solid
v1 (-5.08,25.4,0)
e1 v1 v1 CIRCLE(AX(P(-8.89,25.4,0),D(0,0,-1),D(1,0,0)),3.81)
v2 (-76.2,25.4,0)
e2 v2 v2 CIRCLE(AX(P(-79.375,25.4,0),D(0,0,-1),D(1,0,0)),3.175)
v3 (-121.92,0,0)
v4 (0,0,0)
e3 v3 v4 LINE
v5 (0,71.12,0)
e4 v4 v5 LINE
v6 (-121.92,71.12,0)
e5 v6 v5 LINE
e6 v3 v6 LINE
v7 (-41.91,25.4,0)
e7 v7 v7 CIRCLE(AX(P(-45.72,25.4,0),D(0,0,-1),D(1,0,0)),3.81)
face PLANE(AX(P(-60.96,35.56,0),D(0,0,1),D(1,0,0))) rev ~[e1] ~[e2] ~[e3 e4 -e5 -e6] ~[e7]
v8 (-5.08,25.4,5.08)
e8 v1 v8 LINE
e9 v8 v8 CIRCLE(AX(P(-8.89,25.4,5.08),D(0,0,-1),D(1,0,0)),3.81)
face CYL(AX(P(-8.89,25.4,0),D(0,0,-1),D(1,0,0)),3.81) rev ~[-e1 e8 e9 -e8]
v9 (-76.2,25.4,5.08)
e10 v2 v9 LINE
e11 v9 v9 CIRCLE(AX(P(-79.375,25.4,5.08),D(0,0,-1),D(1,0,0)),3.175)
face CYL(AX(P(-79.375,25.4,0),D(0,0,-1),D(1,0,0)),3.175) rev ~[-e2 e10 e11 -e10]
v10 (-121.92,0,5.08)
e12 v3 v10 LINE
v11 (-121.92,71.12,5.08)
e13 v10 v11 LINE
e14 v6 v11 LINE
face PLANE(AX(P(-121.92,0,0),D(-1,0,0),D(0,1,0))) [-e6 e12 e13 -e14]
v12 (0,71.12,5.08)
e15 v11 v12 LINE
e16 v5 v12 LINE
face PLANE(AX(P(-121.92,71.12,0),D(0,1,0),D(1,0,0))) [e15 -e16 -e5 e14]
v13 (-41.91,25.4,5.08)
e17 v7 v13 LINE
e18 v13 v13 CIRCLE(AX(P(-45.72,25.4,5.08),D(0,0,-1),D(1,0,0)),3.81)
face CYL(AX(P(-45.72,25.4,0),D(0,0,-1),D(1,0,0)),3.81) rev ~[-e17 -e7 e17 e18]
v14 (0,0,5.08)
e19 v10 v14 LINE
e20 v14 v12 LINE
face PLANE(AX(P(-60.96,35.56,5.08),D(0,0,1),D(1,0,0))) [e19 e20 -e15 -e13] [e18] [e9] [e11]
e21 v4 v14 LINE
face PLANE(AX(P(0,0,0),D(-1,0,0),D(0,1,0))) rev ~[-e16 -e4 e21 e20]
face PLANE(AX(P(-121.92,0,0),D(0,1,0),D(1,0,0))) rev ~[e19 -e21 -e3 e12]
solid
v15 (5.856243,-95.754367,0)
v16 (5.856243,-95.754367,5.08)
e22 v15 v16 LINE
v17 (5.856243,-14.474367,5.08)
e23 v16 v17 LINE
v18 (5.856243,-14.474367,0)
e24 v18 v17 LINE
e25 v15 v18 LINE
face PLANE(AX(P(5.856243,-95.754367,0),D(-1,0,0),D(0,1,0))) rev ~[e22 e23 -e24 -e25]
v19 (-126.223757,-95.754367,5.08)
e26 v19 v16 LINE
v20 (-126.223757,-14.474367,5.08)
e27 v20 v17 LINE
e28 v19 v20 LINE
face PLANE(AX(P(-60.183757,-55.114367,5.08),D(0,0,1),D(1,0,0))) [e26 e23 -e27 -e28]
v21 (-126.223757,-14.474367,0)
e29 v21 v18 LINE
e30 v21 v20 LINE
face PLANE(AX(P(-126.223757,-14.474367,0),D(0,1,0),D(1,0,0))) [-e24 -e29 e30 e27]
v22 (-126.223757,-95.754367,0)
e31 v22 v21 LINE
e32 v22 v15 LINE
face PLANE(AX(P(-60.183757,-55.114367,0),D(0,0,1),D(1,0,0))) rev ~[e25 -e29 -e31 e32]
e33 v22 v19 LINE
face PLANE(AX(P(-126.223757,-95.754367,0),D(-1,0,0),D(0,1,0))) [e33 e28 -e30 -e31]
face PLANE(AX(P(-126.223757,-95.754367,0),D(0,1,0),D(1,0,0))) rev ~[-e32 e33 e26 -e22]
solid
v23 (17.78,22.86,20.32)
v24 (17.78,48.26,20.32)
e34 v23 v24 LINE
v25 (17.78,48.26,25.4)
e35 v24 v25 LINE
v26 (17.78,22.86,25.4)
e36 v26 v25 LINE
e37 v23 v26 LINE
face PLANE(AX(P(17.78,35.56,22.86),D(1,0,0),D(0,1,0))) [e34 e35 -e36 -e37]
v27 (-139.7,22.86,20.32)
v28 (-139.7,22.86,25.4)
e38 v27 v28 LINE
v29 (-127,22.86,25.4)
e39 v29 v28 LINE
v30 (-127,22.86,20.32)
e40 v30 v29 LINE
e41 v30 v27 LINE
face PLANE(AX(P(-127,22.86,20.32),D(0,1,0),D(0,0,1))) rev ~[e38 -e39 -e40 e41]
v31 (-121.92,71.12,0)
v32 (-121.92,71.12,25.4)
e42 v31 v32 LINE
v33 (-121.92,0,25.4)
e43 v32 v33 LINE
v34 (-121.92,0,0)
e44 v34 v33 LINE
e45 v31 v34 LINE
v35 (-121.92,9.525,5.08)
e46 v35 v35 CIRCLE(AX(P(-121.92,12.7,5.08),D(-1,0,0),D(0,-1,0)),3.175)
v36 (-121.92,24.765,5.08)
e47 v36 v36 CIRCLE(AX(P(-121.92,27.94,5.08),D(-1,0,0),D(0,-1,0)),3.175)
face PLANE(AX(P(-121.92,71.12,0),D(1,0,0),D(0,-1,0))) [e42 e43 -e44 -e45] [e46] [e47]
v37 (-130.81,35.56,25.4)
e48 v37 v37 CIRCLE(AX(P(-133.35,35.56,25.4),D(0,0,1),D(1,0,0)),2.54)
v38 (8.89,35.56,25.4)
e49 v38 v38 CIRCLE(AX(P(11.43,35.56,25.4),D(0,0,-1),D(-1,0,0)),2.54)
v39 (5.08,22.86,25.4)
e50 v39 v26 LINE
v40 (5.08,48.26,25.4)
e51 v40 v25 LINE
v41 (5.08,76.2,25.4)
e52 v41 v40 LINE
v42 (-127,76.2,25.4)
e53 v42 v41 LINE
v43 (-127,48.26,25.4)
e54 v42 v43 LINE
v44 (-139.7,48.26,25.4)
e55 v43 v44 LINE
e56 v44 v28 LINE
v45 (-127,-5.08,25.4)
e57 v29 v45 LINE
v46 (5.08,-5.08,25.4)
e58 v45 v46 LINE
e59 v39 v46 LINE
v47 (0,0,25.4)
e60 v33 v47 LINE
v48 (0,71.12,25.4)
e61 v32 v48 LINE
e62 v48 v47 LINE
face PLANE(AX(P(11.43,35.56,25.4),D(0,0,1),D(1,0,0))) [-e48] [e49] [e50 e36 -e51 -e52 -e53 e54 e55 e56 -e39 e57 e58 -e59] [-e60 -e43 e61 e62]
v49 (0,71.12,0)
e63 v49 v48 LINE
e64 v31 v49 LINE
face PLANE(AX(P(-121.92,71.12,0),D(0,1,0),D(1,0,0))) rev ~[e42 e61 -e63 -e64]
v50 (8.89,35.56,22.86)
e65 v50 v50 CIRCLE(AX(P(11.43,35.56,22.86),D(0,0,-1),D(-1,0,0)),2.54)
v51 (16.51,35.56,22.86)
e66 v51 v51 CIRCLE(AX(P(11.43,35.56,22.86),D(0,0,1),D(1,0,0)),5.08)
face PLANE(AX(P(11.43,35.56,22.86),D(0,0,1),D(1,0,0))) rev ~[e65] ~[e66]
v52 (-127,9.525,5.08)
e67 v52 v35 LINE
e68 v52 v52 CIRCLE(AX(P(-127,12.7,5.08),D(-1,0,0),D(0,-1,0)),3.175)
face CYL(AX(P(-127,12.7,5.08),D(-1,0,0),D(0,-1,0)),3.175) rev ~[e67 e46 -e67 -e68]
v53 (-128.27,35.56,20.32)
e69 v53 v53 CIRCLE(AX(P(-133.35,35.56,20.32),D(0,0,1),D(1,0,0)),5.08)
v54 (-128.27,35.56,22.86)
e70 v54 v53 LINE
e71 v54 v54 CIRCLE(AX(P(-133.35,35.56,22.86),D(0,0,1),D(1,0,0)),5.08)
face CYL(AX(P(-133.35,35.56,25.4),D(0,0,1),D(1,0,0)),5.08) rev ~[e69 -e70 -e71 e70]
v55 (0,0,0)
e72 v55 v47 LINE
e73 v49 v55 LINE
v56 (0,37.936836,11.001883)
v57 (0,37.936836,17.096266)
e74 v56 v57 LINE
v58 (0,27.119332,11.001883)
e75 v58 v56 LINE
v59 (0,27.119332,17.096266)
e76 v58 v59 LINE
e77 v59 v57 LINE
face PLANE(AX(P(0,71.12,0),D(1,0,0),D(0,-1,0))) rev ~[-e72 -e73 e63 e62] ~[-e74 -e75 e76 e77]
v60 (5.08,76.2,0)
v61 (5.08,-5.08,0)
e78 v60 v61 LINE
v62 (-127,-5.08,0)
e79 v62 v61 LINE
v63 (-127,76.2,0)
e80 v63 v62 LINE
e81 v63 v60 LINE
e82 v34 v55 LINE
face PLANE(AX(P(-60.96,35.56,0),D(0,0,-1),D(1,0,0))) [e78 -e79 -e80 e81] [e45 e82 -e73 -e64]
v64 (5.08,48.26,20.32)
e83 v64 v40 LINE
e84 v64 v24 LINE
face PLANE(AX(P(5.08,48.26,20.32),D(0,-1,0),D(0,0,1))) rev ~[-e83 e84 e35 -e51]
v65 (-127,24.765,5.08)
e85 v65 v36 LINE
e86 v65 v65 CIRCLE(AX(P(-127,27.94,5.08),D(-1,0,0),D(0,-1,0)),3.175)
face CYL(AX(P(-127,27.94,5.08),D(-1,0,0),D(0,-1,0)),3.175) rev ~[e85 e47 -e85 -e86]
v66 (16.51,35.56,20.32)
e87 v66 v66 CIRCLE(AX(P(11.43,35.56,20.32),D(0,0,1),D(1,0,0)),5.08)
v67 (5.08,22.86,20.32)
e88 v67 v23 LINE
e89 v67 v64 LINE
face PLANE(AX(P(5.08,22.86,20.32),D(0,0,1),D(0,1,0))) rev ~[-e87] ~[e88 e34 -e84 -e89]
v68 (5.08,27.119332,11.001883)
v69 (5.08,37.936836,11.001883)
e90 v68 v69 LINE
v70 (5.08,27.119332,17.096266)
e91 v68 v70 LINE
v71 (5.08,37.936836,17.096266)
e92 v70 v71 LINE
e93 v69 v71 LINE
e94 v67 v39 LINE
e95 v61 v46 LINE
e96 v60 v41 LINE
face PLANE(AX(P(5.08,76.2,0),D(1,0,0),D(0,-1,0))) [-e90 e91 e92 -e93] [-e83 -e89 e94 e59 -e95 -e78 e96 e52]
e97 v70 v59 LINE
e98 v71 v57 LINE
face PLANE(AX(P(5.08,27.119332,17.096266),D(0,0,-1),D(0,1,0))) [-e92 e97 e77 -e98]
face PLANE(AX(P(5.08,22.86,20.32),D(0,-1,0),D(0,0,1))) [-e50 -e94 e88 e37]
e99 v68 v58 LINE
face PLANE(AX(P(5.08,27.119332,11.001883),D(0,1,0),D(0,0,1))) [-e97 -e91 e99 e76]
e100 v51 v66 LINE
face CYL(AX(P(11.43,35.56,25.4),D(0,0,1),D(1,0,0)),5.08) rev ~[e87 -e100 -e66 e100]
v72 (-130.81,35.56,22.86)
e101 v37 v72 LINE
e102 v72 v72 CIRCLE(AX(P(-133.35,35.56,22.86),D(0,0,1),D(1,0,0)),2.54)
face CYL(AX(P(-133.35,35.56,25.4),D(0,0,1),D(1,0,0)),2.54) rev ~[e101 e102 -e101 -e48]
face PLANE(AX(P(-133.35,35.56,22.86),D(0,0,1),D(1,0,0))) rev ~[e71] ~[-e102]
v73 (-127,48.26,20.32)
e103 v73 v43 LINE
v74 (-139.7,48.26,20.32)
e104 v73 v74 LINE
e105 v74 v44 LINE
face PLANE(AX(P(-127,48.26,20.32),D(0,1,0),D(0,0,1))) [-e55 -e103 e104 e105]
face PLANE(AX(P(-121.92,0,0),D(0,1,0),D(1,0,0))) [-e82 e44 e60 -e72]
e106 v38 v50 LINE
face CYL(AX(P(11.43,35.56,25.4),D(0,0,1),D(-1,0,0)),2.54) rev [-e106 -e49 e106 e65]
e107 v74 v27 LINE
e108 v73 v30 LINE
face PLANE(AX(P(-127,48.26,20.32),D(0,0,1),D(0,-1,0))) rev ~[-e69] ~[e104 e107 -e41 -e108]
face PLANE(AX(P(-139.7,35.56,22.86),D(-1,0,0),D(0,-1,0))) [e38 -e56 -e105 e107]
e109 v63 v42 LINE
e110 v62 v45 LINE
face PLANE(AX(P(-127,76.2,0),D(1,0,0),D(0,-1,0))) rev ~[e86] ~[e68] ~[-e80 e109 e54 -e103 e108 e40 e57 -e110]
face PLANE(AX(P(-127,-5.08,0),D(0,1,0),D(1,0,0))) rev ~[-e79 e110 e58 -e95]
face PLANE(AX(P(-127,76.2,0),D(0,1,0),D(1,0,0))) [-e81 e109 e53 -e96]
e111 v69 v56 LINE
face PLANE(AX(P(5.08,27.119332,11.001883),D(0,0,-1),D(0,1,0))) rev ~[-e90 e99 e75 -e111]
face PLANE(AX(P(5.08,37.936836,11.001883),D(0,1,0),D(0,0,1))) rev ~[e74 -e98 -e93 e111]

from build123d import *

# Parameters (mm, degrees)
F0_W      = 121.92
F0_H      = 71.12
F1_DEPTH  = 5.08
F2_W      = 132.08
F2_H      = 81.28
F2_W_2    = 121.92
F2_H_2    = 71.12
F3_DEPTH  = 25.4
F4_R      = 3.81
F5_DEPTH  = 5.08
F6_R      = 3.81
F7_DEPTH  = 5.08
F8_R      = 3.175
F9_DEPTH  = 5.08
F11_R     = 3.175
F12_DEPTH = 5.08
F13_DEPTH = 5.08
F14_W     = 10.817503
F14_H     = 6.094383
F15_DEPTH = 5.08
F16_W     = 25.4
F16_H     = 5.08
F17_DEPTH = 12.7
F18_W     = 25.4
F18_H     = 5.08
F19_DEPTH = 12.7
F20_R     = 5.08
F21_DEPTH = 5.08
F22_R     = 5.08
F23_DEPTH = 5.08
F24_W     = 132.08
F24_H     = 81.28
F25_DEPTH = 5.08
F26_R     = 5.08
F26_R_2   = 2.54
F27_DEPTH = 2.54


with BuildPart() as f1:
    # F0 (on Top) → F1 (new body)
    with BuildSketch(Plane.XY):
        with Locations((-60.96, 35.56)):
            Rectangle(F0_W, F0_H)
    extrude(amount=F1_DEPTH)

    # F4 (on face) → F5 (cut)
    with BuildSketch(Plane(origin=(0, 0, 0), x_dir=(1, 0, 0), z_dir=(0, 0, -1))):
        with Locations((-45.72, -25.4)):
            Circle(F4_R)
    extrude(amount=-F5_DEPTH, mode=Mode.SUBTRACT)

    # F6 (on face) → F7 (cut)
    with BuildSketch(Plane(origin=(0, 0, 0), x_dir=(1, 0, 0), z_dir=(0, 0, -1))):
        with Locations((-8.89, -25.4)):
            Circle(F6_R)
    extrude(amount=-F7_DEPTH, mode=Mode.SUBTRACT)

    # F8 (on face) → F9 (cut)
    with BuildSketch(Plane(origin=(0, 0, 0), x_dir=(1, 0, 0), z_dir=(0, 0, -1))):
        with Locations((-79.375, -25.4)):
            Circle(F8_R)
    extrude(amount=-F9_DEPTH, mode=Mode.SUBTRACT)


with BuildPart() as f3:
    # F2 (on face) → F3 (new body)
    with BuildSketch(Plane(origin=(0, 0, 0), x_dir=(1, 0, 0), z_dir=(0, 0, -1))):
        with Locations((-60.96, -35.56)):
            Rectangle(F2_W, F2_H)
        with Locations((-60.96, -35.56)):
            Rectangle(F2_W_2, F2_H_2, mode=Mode.SUBTRACT)
    extrude(amount=-F3_DEPTH)

    # F11 (on face) → F12 (cut)
    with BuildSketch(Plane(origin=(-127, 0, 0), x_dir=(0, -1, 0), z_dir=(-1, 0, 0))):
        with Locations((-27.94, 5.08)):
            Circle(F11_R)
    extrude(amount=-F12_DEPTH, mode=Mode.SUBTRACT)

    # F11 (on face) → F13 (cut)
    with BuildSketch(Plane(origin=(-127, 0, 0), x_dir=(0, -1, 0), z_dir=(-1, 0, 0))):
        with Locations((-12.7, 5.08)):
            Circle(F11_R)
    extrude(amount=-F13_DEPTH, mode=Mode.SUBTRACT)

    # F14 (on face) → F15 (cut)
    with BuildSketch(Plane.YZ.offset(5.08)):
        with Locations((32.528084, 14.049074)):
            Rectangle(F14_W, F14_H)
    extrude(amount=-F15_DEPTH, mode=Mode.SUBTRACT)

    # F16 (on face) → F17 (join)
    with BuildSketch(Plane.YZ.offset(5.08)):
        with Locations((35.56, 22.86)):
            Rectangle(F16_W, F16_H)
    extrude(amount=F17_DEPTH)

    # F18 (on face) → F19 (join)
    with BuildSketch(Plane(origin=(-127, 0, 0), x_dir=(0, -1, 0), z_dir=(-1, 0, 0))):
        with Locations((-35.56, 22.86)):
            Rectangle(F18_W, F18_H)
    extrude(amount=F19_DEPTH)

    # F20 (on face) → F21 (cut)
    with BuildSketch(Plane.XY.offset(25.4)):
        with Locations((11.43, 35.56)):
            Circle(F20_R)
    extrude(amount=-F21_DEPTH, mode=Mode.SUBTRACT)

    # F22 (on face) → F23 (cut)
    with BuildSketch(Plane.XY.offset(25.4)):
        with Locations((-133.35, 35.56)):
            Circle(F22_R)
    extrude(amount=-F23_DEPTH, mode=Mode.SUBTRACT)

    # F26 (on face) → F27 (join)
    with BuildSketch(Plane.XY.offset(25.4)):
        with BuildLine():
            ThreePointArc((6.35, 35.56), (11.43, 30.48), (16.51, 35.56))
            ThreePointArc((16.51, 35.56), (11.43, 40.64), (6.35, 35.56))
        make_face()
        with BuildLine():
            ThreePointArc((13.97, 35.56), (11.43, 33.02), (8.89, 35.56))
            ThreePointArc((8.89, 35.56), (11.43, 38.1), (13.97, 35.56))
        make_face(mode=Mode.SUBTRACT)
        with Locations((-133.35, 35.56)):
            Circle(F26_R)
        with Locations((-133.35, 35.56)):
            Circle(F26_R_2, mode=Mode.SUBTRACT)
    extrude(amount=-F27_DEPTH)


with BuildPart() as f25:
    # F24 (on Top) → F25 (new body)
    with BuildSketch(Plane.XY):
        with Locations((-60.183757, -55.114367)):
            Rectangle(F24_W, F24_H)
    extrude(amount=F25_DEPTH)


solid = Compound([f1.part, f3.part, f25.part])
